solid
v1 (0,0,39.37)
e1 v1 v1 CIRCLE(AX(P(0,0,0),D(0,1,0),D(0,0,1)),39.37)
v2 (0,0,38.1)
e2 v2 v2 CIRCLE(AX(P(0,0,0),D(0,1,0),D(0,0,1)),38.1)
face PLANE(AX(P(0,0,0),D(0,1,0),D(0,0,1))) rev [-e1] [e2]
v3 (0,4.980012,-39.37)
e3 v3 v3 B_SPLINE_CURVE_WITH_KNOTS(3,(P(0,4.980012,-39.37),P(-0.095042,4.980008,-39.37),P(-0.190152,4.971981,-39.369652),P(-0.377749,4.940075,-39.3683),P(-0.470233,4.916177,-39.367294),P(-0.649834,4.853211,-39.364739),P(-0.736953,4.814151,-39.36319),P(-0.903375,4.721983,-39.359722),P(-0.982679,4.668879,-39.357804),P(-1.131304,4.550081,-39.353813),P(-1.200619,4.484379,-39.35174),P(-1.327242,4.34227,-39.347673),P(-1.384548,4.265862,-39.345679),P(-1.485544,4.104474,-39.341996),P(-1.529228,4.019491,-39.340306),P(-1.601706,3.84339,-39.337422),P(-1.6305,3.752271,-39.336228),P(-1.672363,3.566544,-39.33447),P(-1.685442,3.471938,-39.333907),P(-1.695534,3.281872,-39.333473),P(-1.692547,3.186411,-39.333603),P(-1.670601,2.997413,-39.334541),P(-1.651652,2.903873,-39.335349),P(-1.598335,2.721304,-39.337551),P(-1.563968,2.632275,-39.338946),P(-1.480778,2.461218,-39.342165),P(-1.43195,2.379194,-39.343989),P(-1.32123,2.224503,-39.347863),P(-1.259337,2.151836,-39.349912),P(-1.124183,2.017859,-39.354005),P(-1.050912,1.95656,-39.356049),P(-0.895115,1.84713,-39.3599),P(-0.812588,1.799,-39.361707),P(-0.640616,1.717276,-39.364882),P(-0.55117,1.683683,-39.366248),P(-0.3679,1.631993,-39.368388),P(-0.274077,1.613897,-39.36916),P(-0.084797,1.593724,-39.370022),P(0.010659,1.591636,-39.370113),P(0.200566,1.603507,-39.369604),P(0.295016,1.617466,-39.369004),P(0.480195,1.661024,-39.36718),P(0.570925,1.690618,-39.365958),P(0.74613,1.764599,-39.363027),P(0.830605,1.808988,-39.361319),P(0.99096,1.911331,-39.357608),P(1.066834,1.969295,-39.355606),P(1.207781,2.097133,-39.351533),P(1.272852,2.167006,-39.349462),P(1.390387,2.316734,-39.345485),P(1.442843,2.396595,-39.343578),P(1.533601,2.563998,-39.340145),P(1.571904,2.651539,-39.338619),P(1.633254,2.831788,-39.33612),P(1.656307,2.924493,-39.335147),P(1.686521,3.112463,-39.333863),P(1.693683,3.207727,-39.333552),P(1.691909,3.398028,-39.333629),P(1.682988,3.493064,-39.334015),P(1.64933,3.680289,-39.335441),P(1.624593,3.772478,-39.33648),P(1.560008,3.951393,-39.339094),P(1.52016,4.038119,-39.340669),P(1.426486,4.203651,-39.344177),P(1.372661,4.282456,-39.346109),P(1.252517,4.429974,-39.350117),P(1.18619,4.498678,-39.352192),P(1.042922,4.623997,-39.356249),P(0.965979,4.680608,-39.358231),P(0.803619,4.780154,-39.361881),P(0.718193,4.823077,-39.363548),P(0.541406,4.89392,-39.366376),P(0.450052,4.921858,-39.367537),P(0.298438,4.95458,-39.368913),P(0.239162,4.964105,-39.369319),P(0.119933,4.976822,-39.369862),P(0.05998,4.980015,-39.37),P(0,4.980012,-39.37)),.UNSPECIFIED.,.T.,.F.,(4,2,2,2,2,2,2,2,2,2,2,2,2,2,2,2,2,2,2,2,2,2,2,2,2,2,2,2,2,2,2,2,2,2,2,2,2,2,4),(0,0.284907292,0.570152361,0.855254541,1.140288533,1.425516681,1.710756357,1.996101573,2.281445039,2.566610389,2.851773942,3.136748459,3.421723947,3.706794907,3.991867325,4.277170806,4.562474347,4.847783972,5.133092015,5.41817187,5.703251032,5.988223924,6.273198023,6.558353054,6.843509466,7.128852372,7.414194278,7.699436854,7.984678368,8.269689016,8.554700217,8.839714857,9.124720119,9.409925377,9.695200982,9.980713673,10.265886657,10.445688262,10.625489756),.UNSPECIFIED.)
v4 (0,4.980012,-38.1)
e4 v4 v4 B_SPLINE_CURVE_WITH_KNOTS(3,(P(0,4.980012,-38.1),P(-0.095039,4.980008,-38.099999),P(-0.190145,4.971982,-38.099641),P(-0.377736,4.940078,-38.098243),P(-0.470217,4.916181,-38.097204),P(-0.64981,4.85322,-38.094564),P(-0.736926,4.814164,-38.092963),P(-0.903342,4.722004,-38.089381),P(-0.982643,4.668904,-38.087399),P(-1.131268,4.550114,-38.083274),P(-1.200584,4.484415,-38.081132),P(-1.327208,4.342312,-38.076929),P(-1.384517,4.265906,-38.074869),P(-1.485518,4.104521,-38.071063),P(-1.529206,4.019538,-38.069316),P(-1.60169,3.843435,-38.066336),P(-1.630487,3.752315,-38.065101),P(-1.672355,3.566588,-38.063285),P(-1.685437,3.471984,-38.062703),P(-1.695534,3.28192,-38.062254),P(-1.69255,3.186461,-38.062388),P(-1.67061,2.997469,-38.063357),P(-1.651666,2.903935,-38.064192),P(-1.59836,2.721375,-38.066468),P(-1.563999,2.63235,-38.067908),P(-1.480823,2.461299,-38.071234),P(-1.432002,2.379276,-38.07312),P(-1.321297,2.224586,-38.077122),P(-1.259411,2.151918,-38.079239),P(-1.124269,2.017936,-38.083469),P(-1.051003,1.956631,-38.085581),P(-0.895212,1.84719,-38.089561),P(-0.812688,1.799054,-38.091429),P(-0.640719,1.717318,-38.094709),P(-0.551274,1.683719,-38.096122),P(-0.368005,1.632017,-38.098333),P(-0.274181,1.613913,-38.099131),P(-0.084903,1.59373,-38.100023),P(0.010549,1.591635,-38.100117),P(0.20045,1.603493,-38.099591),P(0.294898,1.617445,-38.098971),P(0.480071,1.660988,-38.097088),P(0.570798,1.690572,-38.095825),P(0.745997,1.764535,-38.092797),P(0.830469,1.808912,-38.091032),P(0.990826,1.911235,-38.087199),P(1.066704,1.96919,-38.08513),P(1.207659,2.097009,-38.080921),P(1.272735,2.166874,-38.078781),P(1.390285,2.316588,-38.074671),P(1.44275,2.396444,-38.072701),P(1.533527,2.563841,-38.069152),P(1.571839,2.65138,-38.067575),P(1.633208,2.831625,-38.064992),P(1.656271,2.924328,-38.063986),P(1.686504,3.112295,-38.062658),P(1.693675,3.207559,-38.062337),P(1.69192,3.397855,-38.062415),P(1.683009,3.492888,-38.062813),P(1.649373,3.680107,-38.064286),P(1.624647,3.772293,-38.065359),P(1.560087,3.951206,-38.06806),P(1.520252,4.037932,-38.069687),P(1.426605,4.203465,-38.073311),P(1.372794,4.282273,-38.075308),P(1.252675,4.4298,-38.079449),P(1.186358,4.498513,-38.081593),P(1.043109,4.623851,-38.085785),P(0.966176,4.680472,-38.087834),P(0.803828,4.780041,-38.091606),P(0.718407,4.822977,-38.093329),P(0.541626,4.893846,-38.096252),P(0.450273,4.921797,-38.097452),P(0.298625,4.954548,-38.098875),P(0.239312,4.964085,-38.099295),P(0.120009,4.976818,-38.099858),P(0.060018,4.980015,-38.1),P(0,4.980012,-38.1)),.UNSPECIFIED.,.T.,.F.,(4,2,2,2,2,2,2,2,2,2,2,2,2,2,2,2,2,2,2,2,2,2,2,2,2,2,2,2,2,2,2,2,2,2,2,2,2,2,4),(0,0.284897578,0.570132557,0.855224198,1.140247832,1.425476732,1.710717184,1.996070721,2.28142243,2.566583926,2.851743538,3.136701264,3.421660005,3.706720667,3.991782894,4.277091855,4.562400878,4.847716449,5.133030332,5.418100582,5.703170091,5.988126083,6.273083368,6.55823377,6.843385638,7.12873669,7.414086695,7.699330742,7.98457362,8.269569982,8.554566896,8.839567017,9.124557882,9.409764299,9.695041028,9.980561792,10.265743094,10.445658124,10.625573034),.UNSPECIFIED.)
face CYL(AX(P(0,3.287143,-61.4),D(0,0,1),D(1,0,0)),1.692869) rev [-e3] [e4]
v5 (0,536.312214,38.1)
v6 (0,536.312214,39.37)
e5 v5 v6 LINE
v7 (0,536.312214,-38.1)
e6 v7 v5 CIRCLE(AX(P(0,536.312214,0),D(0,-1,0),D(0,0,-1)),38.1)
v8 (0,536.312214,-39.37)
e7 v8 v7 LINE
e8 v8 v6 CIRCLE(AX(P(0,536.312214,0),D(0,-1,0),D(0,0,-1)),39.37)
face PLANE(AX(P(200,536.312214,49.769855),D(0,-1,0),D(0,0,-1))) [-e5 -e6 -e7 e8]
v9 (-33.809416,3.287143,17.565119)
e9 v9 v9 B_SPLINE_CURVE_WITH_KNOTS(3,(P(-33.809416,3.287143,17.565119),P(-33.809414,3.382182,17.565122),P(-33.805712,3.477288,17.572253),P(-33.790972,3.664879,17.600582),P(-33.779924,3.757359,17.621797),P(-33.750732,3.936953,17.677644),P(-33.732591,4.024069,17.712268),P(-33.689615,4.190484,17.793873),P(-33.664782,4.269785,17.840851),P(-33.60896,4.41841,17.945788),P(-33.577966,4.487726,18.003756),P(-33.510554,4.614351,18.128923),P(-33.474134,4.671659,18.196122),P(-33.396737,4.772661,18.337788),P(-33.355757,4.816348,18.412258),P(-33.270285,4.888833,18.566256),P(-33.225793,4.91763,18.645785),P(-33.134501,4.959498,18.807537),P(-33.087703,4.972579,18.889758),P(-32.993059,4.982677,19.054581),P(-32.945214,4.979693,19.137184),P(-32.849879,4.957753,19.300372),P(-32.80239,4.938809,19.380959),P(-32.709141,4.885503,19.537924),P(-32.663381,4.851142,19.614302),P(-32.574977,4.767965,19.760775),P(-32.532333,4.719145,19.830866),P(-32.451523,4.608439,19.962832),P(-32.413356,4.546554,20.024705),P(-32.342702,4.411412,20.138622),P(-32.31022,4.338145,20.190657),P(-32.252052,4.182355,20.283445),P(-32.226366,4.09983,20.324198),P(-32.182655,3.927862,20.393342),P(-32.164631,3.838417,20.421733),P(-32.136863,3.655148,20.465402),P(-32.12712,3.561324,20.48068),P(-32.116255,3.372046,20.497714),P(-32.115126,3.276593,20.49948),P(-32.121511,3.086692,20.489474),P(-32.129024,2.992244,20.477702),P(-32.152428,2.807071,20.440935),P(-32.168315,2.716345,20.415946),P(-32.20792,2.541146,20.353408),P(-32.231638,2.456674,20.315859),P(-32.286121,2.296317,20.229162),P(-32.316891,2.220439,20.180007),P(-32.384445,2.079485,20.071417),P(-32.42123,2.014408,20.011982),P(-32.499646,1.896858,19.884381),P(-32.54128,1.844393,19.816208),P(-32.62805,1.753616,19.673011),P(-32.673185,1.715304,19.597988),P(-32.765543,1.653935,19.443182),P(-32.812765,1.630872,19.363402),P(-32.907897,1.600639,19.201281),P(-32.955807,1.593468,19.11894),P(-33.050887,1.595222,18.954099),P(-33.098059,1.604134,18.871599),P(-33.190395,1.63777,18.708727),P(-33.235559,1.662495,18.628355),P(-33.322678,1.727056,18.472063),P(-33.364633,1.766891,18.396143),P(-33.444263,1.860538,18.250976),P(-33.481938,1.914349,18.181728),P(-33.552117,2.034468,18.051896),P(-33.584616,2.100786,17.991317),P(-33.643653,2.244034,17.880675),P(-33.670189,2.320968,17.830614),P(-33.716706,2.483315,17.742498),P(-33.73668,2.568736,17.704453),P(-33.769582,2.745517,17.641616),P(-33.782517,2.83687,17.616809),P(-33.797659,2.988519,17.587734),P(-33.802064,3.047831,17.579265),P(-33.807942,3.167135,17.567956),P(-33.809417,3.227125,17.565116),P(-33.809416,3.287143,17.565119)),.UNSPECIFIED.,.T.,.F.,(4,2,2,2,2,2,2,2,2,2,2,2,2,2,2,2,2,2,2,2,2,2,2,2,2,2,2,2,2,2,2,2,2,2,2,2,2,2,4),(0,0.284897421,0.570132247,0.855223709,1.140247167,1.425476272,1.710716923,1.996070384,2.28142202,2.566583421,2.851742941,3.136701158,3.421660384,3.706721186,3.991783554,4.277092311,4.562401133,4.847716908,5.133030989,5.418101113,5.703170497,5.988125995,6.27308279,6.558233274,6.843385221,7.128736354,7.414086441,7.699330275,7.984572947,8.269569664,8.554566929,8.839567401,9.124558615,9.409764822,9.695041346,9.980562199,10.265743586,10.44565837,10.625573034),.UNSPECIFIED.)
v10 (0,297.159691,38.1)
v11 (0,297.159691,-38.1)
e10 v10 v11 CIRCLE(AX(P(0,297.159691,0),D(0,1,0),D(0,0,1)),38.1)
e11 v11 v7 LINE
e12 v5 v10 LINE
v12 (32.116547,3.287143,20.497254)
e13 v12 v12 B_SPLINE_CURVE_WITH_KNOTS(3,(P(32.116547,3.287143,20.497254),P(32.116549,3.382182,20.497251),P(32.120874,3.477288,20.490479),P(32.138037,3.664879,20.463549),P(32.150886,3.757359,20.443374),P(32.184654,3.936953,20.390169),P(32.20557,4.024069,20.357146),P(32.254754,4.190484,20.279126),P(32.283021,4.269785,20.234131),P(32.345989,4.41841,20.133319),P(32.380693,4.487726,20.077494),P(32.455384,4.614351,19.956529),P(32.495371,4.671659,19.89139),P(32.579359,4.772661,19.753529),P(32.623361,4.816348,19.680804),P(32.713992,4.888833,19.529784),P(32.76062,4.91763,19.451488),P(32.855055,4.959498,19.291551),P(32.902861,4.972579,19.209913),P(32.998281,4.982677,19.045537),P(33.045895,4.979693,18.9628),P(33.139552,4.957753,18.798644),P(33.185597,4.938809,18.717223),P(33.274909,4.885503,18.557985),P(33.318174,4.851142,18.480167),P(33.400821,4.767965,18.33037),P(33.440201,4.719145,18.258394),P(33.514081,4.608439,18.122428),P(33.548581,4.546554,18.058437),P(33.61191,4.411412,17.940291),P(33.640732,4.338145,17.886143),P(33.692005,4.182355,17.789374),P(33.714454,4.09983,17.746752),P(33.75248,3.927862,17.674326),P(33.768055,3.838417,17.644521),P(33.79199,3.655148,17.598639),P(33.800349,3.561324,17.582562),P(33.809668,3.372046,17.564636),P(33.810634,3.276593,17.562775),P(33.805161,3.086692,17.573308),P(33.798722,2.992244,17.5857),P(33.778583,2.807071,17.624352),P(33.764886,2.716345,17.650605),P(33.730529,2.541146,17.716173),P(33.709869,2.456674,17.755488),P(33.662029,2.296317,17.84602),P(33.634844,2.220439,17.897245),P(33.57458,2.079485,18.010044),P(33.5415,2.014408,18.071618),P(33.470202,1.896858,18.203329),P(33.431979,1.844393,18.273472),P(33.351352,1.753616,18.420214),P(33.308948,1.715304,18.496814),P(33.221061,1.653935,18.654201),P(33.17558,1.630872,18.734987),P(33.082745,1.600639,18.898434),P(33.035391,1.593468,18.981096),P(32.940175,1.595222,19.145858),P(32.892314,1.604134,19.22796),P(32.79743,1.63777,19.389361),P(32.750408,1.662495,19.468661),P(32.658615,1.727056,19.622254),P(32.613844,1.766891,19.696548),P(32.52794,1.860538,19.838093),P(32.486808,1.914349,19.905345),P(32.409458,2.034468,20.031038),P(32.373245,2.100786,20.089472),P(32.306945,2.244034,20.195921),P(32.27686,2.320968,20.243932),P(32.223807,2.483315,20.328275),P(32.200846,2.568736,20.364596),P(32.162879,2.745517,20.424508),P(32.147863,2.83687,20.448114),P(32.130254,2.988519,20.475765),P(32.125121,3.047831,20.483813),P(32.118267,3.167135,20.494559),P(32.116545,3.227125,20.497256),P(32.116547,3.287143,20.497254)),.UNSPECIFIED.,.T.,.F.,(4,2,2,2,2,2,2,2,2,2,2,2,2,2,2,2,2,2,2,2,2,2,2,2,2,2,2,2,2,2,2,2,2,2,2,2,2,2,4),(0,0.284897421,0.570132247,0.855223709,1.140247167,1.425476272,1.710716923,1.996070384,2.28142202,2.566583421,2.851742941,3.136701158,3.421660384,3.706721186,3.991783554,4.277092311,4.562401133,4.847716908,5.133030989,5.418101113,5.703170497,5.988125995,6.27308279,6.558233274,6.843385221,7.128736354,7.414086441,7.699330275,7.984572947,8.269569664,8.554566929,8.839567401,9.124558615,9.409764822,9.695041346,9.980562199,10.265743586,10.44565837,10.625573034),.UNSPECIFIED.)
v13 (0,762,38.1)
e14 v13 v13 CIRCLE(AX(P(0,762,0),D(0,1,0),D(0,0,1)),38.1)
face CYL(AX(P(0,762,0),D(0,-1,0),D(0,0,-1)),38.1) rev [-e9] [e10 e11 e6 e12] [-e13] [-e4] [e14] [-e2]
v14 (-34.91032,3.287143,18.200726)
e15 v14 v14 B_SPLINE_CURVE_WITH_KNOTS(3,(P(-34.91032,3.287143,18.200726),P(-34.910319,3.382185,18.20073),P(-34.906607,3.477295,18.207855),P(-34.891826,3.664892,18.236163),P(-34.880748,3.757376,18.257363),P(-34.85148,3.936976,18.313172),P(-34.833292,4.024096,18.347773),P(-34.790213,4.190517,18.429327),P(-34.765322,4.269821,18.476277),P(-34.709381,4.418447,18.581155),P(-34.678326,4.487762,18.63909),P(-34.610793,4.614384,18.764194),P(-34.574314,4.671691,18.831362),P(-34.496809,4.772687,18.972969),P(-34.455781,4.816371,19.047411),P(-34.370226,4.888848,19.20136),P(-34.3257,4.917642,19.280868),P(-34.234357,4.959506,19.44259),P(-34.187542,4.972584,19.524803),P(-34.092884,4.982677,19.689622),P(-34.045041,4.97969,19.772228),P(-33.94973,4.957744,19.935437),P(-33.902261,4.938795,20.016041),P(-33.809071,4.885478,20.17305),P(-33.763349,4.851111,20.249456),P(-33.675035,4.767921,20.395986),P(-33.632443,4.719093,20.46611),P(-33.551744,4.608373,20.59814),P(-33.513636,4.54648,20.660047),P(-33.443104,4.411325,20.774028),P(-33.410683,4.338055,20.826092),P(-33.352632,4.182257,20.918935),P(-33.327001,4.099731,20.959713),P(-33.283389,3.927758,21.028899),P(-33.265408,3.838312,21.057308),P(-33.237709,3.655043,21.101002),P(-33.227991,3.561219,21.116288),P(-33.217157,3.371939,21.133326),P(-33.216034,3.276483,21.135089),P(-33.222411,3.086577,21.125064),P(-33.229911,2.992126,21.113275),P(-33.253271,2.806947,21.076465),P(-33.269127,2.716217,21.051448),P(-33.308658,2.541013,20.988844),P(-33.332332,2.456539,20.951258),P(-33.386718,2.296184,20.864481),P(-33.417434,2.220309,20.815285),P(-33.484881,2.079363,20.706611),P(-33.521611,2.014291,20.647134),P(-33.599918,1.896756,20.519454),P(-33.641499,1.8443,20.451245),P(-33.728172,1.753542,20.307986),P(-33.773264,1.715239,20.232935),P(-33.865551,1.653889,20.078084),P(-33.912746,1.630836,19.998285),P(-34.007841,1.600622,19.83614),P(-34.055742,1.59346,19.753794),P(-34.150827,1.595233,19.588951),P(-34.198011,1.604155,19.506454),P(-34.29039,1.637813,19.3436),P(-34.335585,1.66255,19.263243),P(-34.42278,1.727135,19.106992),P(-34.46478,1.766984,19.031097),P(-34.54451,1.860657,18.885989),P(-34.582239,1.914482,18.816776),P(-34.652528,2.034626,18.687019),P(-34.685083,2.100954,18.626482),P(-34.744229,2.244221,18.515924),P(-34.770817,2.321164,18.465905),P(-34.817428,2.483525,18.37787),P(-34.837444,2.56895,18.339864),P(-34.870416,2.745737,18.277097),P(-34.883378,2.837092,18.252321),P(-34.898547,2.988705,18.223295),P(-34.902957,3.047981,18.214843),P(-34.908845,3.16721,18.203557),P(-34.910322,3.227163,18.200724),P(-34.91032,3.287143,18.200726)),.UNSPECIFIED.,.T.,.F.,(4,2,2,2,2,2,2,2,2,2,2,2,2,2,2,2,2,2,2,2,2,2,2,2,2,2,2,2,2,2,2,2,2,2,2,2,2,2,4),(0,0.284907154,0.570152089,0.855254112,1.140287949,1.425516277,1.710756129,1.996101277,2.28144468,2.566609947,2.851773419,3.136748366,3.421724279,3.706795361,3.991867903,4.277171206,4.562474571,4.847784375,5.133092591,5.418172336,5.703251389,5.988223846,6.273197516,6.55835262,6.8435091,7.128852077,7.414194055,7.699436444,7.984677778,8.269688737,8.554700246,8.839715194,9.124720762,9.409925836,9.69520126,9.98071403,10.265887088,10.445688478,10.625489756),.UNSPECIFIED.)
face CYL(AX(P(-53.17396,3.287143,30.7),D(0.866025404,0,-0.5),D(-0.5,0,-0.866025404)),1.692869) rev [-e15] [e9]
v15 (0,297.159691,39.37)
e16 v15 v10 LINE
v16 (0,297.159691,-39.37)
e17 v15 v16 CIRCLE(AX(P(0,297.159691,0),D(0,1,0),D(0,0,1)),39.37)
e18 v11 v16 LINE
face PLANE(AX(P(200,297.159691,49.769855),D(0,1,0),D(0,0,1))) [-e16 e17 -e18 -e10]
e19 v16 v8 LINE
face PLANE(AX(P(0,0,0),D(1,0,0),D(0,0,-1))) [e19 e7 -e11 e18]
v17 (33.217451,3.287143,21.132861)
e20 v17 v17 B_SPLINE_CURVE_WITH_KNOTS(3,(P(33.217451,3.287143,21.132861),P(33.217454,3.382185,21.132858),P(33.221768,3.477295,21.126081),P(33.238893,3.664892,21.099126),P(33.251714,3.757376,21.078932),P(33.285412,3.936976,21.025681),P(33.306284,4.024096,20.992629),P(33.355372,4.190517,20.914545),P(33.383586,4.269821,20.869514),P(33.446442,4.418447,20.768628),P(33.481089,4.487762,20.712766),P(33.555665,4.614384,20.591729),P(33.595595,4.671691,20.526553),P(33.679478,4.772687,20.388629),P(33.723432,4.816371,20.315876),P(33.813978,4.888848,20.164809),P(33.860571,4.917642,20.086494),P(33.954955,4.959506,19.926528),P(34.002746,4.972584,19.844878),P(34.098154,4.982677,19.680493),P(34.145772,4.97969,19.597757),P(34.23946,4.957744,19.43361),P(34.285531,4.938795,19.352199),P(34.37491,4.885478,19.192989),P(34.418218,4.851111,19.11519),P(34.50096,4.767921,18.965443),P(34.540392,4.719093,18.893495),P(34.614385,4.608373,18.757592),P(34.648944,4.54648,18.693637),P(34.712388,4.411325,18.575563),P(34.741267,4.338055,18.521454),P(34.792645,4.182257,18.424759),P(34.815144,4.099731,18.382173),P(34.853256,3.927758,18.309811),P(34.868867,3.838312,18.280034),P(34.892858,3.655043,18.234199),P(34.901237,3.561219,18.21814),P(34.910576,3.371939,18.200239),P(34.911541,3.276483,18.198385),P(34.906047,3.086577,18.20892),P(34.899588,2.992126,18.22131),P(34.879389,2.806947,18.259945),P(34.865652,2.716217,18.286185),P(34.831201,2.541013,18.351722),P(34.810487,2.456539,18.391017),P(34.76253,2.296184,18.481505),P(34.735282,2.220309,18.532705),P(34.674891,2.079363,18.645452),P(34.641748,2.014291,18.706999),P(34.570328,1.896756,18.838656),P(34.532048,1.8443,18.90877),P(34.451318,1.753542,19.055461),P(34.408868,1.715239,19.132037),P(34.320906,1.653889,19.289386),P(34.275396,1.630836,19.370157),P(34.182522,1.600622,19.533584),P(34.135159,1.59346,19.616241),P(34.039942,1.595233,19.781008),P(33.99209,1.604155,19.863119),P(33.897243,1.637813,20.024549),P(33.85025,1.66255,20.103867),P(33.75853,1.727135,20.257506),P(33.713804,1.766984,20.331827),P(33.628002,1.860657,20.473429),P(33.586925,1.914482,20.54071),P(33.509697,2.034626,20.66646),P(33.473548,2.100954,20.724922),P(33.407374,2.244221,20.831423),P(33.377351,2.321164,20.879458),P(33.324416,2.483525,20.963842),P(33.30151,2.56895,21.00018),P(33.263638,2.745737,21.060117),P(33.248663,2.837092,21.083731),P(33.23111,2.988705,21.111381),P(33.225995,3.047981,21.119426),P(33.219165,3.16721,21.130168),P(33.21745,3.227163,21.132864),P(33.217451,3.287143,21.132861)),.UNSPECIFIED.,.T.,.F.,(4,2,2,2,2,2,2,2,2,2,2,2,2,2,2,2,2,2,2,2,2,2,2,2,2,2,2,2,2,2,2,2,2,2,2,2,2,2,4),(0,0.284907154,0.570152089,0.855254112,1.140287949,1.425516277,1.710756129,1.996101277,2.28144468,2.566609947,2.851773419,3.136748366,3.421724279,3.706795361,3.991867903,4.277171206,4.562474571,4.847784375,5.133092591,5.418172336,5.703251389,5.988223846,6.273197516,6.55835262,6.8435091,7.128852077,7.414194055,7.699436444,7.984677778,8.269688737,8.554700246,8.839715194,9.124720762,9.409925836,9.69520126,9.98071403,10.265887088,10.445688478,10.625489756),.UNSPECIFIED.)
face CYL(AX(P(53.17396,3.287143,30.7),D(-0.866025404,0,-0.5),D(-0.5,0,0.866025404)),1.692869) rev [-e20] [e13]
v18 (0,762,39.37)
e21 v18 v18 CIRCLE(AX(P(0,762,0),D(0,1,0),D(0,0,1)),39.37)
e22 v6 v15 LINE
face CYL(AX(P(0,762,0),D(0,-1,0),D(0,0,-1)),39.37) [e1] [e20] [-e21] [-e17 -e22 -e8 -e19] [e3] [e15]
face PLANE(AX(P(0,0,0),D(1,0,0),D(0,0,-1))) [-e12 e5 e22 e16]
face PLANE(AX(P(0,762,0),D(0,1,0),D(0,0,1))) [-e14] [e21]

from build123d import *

# Parameters (mm, degrees)
SKETCH1_R           = 39.37
SKETCH1_R_2         = 38.1
BOSS_EXTRUDE1_DEPTH = 762
SKETCH2_R           = 1.692869147
CUT_EXTRUDE1_DEPTH  = 61.4
CIRPATTERN3_COUNT   = 3
SKETCH4_W           = 96.846889453
SKETCH4_H           = 239.152522935
CUT_EXTRUDE3_DEPTH  = 200


with BuildPart() as part:
    # Sketch1 → Boss-Extrude1 (new body)
    with BuildSketch(Plane(origin=(0, 0, 0), x_dir=(1, 0, 0), z_dir=(0, 1, 0))):
        with Locations(Location((0, 0, 0), (0, 0, 270))):
            Circle(SKETCH1_R)
        with Locations(Location((0, 0, 0), (0, 0, 270))):
            Circle(SKETCH1_R_2, mode=Mode.SUBTRACT)
    extrude(amount=BOSS_EXTRUDE1_DEPTH)

    # Sketch2 → Cut-Extrude1 (cut)
    with BuildSketch(Plane.XY):
        with Locations(Location((0, 3.287142885, 0), (0, 0, 90))):
            Circle(SKETCH2_R)
    cut_extrude1 = extrude(amount=-CUT_EXTRUDE1_DEPTH, mode=Mode.SUBTRACT)

    # CirPattern3: Cut-Extrude1 ×3 about axis
    cirpattern3_axis = Axis((0, 0, 0), (0, -1, 0))
    for i in range(1, CIRPATTERN3_COUNT):
        add(cut_extrude1.rotate(cirpattern3_axis, i * 360 / CIRPATTERN3_COUNT), mode=Mode.SUBTRACT)

    # Sketch4 → Cut-Extrude3 (cut)
    with BuildSketch(Plane(origin=(0, 0, 0), x_dir=(0, 0, -1), z_dir=(1, 0, 0))):
        with Locations((-1.346410096, 416.735952277)):
            Rectangle(SKETCH4_W, SKETCH4_H)
    extrude(amount=CUT_EXTRUDE3_DEPTH, mode=Mode.SUBTRACT)


solid = part.part
